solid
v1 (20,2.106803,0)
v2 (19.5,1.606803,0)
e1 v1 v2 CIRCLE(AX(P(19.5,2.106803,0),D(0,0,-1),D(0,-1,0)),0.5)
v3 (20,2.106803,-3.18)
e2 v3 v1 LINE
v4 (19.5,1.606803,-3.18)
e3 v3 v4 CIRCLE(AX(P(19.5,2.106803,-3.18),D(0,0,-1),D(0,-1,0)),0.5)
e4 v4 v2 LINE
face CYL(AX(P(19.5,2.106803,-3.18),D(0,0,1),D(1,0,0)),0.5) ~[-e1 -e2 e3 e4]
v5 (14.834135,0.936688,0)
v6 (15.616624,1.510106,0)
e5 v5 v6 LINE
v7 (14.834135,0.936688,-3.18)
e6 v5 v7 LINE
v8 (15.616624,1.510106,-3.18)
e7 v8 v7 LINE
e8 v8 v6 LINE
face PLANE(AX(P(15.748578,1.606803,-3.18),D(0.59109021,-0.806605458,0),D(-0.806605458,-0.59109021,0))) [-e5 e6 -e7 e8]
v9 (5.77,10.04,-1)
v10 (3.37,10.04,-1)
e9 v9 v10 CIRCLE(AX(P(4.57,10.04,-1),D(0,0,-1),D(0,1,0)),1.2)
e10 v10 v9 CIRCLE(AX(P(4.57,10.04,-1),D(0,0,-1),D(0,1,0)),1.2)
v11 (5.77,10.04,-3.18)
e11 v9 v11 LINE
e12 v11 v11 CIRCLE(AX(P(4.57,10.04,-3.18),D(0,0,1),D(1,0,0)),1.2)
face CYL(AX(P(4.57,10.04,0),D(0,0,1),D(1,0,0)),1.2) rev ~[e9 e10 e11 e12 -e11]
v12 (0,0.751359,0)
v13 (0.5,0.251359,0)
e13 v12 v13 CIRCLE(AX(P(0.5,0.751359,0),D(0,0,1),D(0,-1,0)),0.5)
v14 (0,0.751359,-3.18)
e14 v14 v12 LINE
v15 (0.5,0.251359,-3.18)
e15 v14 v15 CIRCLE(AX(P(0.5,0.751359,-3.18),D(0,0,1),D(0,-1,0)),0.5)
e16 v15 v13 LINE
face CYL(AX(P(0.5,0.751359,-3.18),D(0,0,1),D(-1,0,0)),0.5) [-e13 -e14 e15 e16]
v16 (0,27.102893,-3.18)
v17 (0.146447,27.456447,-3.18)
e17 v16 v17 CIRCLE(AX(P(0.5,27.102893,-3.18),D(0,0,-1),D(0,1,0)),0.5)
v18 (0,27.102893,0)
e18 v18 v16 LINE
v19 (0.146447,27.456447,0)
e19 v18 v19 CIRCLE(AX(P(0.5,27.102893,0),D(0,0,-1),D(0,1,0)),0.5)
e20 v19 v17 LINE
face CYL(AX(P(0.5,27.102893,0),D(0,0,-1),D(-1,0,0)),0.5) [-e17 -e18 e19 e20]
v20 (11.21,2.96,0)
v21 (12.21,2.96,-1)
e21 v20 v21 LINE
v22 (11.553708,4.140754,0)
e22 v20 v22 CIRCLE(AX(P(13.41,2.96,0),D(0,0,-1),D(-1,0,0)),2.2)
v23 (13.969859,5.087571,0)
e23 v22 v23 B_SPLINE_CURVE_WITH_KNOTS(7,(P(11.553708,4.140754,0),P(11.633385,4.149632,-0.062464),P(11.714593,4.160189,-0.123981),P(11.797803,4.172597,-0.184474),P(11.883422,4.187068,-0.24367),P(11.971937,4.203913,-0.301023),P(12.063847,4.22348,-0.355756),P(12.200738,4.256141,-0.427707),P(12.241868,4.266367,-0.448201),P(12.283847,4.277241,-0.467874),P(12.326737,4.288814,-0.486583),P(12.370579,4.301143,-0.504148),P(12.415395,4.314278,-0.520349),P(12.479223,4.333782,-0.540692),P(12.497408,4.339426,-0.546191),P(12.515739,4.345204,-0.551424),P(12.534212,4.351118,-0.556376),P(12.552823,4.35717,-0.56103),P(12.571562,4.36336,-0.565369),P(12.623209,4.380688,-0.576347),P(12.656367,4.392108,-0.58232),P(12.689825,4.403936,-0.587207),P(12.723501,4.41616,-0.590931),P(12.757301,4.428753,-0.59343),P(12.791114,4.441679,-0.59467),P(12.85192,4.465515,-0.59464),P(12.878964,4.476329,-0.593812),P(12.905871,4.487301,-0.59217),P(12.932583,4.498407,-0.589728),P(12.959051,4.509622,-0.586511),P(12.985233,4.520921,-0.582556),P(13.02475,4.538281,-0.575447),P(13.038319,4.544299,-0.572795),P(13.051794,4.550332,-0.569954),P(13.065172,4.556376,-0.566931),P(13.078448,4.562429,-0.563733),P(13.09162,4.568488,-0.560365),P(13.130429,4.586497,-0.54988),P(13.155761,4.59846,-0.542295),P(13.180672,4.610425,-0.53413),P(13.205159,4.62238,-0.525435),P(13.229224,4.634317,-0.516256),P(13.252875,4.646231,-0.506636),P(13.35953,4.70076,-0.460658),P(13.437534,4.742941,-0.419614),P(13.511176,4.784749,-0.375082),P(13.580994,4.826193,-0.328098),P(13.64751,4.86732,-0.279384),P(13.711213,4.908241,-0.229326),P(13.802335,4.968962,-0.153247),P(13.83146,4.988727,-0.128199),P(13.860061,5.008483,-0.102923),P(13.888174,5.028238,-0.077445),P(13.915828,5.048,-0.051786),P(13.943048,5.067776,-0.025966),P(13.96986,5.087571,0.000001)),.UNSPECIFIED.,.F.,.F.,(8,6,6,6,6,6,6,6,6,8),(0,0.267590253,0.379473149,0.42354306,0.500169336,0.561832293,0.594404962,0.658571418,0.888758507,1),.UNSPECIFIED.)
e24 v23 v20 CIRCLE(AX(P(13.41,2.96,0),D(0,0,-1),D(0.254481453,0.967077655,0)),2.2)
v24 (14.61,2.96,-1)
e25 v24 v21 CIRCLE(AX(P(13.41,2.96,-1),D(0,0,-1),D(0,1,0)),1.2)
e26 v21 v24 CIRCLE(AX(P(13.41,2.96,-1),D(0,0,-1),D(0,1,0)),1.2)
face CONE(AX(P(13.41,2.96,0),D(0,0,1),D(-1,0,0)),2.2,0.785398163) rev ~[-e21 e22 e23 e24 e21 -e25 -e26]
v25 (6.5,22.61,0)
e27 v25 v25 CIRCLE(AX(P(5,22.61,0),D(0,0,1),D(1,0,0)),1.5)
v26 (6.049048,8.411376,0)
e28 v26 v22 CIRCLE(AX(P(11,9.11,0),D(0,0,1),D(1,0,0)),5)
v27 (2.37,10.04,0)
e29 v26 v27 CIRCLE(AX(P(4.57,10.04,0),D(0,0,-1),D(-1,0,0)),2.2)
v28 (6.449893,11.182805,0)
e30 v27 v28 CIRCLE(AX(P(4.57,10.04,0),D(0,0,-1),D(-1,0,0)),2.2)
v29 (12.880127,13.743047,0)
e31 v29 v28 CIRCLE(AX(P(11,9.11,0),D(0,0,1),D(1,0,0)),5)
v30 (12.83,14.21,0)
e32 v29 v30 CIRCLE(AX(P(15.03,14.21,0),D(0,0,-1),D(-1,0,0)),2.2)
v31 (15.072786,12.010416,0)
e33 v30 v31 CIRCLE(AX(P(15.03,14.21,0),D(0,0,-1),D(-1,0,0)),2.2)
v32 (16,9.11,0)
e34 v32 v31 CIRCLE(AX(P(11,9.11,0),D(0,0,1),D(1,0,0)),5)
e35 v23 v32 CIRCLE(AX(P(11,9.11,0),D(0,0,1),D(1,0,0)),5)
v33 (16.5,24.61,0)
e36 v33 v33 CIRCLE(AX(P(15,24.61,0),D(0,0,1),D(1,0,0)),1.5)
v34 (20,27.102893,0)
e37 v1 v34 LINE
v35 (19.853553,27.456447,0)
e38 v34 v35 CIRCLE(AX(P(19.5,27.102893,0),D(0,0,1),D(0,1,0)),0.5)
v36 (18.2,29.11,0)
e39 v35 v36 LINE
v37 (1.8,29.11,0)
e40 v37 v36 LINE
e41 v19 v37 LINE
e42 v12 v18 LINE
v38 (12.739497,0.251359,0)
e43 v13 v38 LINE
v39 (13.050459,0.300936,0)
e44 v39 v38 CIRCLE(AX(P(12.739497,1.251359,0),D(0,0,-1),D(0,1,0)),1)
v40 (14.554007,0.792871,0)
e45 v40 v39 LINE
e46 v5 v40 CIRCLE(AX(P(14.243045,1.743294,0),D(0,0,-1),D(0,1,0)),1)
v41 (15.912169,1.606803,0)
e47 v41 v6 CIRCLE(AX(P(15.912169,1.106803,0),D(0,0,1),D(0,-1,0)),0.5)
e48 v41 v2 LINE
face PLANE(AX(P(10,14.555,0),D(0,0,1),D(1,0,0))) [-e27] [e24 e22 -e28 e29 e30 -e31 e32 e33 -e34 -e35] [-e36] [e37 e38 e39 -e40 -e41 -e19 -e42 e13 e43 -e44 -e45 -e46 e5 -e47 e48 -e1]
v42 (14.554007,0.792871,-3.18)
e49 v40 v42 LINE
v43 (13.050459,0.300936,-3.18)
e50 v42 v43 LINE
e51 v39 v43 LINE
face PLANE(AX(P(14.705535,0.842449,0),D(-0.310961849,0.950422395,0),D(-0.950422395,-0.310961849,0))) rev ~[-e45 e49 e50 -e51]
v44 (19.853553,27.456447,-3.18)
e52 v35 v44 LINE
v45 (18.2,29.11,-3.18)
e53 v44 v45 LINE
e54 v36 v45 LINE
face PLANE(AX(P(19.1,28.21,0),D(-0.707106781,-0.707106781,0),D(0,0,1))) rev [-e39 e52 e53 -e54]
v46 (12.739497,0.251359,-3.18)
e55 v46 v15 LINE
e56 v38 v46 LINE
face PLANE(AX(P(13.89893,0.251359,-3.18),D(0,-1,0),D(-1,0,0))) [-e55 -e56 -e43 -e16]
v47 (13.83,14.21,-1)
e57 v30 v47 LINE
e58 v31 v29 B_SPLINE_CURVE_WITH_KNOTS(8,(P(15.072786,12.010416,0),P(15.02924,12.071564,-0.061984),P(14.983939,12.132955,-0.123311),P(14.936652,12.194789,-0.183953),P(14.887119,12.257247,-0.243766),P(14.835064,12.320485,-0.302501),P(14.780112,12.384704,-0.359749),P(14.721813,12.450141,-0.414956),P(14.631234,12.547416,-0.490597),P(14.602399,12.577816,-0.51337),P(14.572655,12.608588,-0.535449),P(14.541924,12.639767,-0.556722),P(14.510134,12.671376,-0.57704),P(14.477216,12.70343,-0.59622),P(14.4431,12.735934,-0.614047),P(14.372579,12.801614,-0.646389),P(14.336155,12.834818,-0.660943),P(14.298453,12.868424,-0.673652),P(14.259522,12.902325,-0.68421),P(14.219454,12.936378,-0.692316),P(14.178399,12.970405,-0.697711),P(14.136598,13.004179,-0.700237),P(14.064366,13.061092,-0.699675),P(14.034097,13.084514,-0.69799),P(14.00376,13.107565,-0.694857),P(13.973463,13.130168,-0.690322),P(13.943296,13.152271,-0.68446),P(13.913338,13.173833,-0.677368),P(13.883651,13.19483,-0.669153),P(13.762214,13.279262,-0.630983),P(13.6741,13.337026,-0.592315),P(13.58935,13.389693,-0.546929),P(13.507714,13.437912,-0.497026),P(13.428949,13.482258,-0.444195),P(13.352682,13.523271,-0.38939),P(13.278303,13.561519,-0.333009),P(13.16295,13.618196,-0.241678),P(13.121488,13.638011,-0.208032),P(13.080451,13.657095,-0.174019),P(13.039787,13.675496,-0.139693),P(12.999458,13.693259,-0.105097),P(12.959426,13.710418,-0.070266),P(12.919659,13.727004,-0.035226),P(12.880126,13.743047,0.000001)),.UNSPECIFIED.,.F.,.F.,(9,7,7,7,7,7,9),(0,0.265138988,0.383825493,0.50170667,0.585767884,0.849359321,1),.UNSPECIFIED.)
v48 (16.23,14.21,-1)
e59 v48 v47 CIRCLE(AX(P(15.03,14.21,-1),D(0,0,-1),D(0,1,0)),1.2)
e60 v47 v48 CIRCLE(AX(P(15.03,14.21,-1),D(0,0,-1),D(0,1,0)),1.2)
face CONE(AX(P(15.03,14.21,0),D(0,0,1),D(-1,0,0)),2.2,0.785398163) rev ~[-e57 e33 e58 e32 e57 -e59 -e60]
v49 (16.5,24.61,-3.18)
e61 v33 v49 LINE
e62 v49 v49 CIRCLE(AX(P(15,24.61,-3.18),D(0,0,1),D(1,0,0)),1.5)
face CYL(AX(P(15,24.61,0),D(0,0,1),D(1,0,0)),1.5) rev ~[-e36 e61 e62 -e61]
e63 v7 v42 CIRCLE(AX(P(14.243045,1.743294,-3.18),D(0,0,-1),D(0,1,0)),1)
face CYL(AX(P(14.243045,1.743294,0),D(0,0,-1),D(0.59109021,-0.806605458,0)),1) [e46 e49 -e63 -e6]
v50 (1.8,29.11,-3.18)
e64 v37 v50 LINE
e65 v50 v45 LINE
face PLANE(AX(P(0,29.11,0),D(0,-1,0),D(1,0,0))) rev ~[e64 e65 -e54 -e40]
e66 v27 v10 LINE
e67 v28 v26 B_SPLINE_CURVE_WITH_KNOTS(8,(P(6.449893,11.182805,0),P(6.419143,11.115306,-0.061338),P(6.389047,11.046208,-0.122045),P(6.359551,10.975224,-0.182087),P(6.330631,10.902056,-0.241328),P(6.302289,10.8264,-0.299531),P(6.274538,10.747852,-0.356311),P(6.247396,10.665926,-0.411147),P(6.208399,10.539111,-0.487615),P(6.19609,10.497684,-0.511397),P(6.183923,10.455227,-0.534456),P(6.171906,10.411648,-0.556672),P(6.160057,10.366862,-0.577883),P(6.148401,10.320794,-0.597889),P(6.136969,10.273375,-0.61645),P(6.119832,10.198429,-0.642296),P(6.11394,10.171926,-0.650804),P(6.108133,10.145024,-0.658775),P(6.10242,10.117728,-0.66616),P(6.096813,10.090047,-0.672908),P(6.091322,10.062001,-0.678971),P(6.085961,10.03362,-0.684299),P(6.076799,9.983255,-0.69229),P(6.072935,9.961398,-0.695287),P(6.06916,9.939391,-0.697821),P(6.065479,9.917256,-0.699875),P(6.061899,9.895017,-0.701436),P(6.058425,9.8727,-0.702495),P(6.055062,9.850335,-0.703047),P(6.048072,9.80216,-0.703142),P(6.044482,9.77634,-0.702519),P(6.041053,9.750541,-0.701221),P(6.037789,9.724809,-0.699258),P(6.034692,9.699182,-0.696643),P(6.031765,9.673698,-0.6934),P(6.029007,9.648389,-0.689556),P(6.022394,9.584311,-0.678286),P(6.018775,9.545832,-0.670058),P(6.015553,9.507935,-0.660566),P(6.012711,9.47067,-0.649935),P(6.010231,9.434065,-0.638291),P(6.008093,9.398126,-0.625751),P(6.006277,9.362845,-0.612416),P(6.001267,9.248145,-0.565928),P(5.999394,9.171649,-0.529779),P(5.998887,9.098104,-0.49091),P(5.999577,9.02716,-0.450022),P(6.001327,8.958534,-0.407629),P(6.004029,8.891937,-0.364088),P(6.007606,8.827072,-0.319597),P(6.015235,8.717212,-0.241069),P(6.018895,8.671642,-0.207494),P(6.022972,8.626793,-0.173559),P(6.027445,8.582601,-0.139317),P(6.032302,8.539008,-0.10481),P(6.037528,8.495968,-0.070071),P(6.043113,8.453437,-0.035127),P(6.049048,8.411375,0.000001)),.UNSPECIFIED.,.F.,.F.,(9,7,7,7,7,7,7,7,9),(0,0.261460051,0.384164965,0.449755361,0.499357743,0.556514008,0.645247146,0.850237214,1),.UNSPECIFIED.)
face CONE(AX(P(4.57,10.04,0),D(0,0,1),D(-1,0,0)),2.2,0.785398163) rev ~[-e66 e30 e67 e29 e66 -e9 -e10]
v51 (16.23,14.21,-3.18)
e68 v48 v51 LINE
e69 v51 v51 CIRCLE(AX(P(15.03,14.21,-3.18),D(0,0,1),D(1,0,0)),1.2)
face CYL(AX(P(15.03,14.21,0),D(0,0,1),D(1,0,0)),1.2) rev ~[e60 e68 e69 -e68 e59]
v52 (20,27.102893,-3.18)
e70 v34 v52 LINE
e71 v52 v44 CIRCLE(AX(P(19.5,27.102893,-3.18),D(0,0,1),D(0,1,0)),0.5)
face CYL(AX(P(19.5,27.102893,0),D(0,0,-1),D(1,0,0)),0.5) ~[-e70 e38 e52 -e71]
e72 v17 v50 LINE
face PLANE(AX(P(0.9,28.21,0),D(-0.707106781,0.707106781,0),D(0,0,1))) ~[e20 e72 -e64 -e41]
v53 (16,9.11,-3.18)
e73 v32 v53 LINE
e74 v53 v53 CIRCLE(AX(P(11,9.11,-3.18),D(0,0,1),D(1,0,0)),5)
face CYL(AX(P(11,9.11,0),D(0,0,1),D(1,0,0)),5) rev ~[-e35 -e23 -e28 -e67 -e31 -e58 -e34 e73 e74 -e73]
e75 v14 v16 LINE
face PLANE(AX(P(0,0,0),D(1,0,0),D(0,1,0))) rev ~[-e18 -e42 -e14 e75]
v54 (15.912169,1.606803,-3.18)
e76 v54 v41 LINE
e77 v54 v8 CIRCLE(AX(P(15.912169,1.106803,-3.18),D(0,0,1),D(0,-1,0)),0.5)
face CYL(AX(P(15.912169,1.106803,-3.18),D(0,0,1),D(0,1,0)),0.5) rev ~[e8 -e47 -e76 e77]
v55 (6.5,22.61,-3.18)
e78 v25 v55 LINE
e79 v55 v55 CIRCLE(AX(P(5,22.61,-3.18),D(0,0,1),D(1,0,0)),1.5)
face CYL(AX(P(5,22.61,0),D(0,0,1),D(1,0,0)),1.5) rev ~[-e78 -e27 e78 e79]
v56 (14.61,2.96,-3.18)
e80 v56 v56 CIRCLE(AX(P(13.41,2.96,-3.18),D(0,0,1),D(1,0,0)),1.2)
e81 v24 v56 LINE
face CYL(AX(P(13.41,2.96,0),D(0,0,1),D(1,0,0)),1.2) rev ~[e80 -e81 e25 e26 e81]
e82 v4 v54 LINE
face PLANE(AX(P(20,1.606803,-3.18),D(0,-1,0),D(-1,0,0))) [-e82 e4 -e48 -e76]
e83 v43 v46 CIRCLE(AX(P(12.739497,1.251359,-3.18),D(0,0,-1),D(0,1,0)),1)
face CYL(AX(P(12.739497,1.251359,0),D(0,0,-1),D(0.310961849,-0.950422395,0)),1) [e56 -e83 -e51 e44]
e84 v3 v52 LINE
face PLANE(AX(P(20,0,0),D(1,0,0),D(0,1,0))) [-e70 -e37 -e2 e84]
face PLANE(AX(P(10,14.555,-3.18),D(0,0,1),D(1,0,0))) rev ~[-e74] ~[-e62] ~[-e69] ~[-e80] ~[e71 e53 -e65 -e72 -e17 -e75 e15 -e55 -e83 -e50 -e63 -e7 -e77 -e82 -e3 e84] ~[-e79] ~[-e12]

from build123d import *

# Parameters (mm, degrees)
SKETCH1_W                                       = 20
SKETCH1_H                                       = 29.11
SKETCH1_R                                       = 1.5
SKETCH1_R_2                                     = 1.2
SKETCH1_R_3                                     = 5
BOSS_EXTRUDE2_DEPTH                             = 3.18
CSK_FOR_M2_FLAT_HEAD_MACHINE_SCREW1_D           = 2.4
CSK_FOR_M2_FLAT_HEAD_MACHINE_SCREW1_DEPTH       = 3.508967257
CSK_FOR_M2_FLAT_HEAD_MACHINE_SCREW1_CSINK_D     = 4.4
CSK_FOR_M2_FLAT_HEAD_MACHINE_SCREW1_CSINK_ANGLE = 90
CSK_FOR_M2_FLAT_HEAD_MACHINE_SCREW1_TIP         = 0.721032743
CHAMFER1_SIZE                                   = 1.8
FILLET1_R                                       = 0.5
CUT_EXTRUDE1_DEPTH                              = 4
FILLET6_R                                       = 0.5
CUT_EXTRUDE2_DEPTH                              = 4
FILLET8_R                                       = 1


with BuildPart() as part:
    # Sketch1 → Boss-Extrude2 (new body)
    with BuildSketch(Plane.XY):
        with Locations((10, 14.555)):
            Rectangle(SKETCH1_W, SKETCH1_H)
        with Locations((5, 22.61)):
            Circle(SKETCH1_R, mode=Mode.SUBTRACT)
        with Locations((15, 24.61)):
            Circle(SKETCH1_R, mode=Mode.SUBTRACT)
        with Locations((15.03, 14.21)):
            Circle(SKETCH1_R_2, mode=Mode.SUBTRACT)
        with Locations((4.57, 10.04)):
            Circle(SKETCH1_R_2, mode=Mode.SUBTRACT)
        with Locations((13.41, 2.96)):
            Circle(SKETCH1_R_2, mode=Mode.SUBTRACT)
        with Locations((11, 9.11)):
            Circle(SKETCH1_R_3, mode=Mode.SUBTRACT)
    extrude(amount=-BOSS_EXTRUDE2_DEPTH)

    # CSK for M2 Flat Head Machine Screw1
    with Locations(Plane.XY):
        with Locations((4.57, 10.04), (15.03, 14.21), (13.41, 2.96)):
            CounterSinkHole(CSK_FOR_M2_FLAT_HEAD_MACHINE_SCREW1_D / 2, CSK_FOR_M2_FLAT_HEAD_MACHINE_SCREW1_CSINK_D / 2, depth=CSK_FOR_M2_FLAT_HEAD_MACHINE_SCREW1_DEPTH, counter_sink_angle=CSK_FOR_M2_FLAT_HEAD_MACHINE_SCREW1_CSINK_ANGLE)
            with Locations((0, 0, -(CSK_FOR_M2_FLAT_HEAD_MACHINE_SCREW1_DEPTH + CSK_FOR_M2_FLAT_HEAD_MACHINE_SCREW1_TIP / 2))):  # 118° drill point
                Cone(0, CSK_FOR_M2_FLAT_HEAD_MACHINE_SCREW1_D / 2, CSK_FOR_M2_FLAT_HEAD_MACHINE_SCREW1_TIP, mode=Mode.SUBTRACT)

    # Chamfer1
    chamfer1_edges = [part.edges().sort_by_distance(p)[0] for p in [
        (0, 29.11, -1.59),
        (20, 29.11, -1.59),
    ]]
    chamfer(chamfer1_edges, length=CHAMFER1_SIZE)

    # Fillet1
    fillet1_edges = [part.edges().sort_by_distance(p)[0] for p in [
        (0, 27.31, -1.59),
        (20, 27.31, -1.59),
    ]]
    fillet(fillet1_edges, radius=FILLET1_R)

    # Sketch12 → Cut-Extrude1 (cut)
    with BuildSketch(Plane(origin=(0, 0, -3.18), x_dir=(-1, 0, 0), z_dir=(0, 0, -1))):
        Polygon((0, 0), (-20, 0), (-20, 1.60680291), (-15.748577863, 1.60680291), (-13.898929975, 0.251358625), (0, 0.251358625), align=None)
    extrude(amount=-CUT_EXTRUDE1_DEPTH, mode=Mode.SUBTRACT)

    # Fillet6
    fillet6_edges = [part.edges().sort_by_distance(p)[0] for p in [
        (0, 0.251358625, -1.59),
        (20, 1.60680291, -1.59),
        (15.748577863, 1.60680291, -1.59),
    ]]
    fillet(fillet6_edges, radius=FILLET6_R)

    # Sketch14 → Cut-Extrude2 (cut)
    with BuildSketch(Plane.XY):
        Polygon((12.898929975, 0.251358625), (13.898929975, 0.251358625), (14.705535433, 0.842448835), align=None)
    extrude(amount=-CUT_EXTRUDE2_DEPTH, mode=Mode.SUBTRACT)

    # Fillet8
    fillet8_edges = [part.edges().sort_by_distance(p)[0] for p in [
        (12.898929975, 0.251358625, -1.59),
        (14.705535433, 0.842448835, -1.59),
    ]]
    fillet(fillet8_edges, radius=FILLET8_R)


solid = part.part
